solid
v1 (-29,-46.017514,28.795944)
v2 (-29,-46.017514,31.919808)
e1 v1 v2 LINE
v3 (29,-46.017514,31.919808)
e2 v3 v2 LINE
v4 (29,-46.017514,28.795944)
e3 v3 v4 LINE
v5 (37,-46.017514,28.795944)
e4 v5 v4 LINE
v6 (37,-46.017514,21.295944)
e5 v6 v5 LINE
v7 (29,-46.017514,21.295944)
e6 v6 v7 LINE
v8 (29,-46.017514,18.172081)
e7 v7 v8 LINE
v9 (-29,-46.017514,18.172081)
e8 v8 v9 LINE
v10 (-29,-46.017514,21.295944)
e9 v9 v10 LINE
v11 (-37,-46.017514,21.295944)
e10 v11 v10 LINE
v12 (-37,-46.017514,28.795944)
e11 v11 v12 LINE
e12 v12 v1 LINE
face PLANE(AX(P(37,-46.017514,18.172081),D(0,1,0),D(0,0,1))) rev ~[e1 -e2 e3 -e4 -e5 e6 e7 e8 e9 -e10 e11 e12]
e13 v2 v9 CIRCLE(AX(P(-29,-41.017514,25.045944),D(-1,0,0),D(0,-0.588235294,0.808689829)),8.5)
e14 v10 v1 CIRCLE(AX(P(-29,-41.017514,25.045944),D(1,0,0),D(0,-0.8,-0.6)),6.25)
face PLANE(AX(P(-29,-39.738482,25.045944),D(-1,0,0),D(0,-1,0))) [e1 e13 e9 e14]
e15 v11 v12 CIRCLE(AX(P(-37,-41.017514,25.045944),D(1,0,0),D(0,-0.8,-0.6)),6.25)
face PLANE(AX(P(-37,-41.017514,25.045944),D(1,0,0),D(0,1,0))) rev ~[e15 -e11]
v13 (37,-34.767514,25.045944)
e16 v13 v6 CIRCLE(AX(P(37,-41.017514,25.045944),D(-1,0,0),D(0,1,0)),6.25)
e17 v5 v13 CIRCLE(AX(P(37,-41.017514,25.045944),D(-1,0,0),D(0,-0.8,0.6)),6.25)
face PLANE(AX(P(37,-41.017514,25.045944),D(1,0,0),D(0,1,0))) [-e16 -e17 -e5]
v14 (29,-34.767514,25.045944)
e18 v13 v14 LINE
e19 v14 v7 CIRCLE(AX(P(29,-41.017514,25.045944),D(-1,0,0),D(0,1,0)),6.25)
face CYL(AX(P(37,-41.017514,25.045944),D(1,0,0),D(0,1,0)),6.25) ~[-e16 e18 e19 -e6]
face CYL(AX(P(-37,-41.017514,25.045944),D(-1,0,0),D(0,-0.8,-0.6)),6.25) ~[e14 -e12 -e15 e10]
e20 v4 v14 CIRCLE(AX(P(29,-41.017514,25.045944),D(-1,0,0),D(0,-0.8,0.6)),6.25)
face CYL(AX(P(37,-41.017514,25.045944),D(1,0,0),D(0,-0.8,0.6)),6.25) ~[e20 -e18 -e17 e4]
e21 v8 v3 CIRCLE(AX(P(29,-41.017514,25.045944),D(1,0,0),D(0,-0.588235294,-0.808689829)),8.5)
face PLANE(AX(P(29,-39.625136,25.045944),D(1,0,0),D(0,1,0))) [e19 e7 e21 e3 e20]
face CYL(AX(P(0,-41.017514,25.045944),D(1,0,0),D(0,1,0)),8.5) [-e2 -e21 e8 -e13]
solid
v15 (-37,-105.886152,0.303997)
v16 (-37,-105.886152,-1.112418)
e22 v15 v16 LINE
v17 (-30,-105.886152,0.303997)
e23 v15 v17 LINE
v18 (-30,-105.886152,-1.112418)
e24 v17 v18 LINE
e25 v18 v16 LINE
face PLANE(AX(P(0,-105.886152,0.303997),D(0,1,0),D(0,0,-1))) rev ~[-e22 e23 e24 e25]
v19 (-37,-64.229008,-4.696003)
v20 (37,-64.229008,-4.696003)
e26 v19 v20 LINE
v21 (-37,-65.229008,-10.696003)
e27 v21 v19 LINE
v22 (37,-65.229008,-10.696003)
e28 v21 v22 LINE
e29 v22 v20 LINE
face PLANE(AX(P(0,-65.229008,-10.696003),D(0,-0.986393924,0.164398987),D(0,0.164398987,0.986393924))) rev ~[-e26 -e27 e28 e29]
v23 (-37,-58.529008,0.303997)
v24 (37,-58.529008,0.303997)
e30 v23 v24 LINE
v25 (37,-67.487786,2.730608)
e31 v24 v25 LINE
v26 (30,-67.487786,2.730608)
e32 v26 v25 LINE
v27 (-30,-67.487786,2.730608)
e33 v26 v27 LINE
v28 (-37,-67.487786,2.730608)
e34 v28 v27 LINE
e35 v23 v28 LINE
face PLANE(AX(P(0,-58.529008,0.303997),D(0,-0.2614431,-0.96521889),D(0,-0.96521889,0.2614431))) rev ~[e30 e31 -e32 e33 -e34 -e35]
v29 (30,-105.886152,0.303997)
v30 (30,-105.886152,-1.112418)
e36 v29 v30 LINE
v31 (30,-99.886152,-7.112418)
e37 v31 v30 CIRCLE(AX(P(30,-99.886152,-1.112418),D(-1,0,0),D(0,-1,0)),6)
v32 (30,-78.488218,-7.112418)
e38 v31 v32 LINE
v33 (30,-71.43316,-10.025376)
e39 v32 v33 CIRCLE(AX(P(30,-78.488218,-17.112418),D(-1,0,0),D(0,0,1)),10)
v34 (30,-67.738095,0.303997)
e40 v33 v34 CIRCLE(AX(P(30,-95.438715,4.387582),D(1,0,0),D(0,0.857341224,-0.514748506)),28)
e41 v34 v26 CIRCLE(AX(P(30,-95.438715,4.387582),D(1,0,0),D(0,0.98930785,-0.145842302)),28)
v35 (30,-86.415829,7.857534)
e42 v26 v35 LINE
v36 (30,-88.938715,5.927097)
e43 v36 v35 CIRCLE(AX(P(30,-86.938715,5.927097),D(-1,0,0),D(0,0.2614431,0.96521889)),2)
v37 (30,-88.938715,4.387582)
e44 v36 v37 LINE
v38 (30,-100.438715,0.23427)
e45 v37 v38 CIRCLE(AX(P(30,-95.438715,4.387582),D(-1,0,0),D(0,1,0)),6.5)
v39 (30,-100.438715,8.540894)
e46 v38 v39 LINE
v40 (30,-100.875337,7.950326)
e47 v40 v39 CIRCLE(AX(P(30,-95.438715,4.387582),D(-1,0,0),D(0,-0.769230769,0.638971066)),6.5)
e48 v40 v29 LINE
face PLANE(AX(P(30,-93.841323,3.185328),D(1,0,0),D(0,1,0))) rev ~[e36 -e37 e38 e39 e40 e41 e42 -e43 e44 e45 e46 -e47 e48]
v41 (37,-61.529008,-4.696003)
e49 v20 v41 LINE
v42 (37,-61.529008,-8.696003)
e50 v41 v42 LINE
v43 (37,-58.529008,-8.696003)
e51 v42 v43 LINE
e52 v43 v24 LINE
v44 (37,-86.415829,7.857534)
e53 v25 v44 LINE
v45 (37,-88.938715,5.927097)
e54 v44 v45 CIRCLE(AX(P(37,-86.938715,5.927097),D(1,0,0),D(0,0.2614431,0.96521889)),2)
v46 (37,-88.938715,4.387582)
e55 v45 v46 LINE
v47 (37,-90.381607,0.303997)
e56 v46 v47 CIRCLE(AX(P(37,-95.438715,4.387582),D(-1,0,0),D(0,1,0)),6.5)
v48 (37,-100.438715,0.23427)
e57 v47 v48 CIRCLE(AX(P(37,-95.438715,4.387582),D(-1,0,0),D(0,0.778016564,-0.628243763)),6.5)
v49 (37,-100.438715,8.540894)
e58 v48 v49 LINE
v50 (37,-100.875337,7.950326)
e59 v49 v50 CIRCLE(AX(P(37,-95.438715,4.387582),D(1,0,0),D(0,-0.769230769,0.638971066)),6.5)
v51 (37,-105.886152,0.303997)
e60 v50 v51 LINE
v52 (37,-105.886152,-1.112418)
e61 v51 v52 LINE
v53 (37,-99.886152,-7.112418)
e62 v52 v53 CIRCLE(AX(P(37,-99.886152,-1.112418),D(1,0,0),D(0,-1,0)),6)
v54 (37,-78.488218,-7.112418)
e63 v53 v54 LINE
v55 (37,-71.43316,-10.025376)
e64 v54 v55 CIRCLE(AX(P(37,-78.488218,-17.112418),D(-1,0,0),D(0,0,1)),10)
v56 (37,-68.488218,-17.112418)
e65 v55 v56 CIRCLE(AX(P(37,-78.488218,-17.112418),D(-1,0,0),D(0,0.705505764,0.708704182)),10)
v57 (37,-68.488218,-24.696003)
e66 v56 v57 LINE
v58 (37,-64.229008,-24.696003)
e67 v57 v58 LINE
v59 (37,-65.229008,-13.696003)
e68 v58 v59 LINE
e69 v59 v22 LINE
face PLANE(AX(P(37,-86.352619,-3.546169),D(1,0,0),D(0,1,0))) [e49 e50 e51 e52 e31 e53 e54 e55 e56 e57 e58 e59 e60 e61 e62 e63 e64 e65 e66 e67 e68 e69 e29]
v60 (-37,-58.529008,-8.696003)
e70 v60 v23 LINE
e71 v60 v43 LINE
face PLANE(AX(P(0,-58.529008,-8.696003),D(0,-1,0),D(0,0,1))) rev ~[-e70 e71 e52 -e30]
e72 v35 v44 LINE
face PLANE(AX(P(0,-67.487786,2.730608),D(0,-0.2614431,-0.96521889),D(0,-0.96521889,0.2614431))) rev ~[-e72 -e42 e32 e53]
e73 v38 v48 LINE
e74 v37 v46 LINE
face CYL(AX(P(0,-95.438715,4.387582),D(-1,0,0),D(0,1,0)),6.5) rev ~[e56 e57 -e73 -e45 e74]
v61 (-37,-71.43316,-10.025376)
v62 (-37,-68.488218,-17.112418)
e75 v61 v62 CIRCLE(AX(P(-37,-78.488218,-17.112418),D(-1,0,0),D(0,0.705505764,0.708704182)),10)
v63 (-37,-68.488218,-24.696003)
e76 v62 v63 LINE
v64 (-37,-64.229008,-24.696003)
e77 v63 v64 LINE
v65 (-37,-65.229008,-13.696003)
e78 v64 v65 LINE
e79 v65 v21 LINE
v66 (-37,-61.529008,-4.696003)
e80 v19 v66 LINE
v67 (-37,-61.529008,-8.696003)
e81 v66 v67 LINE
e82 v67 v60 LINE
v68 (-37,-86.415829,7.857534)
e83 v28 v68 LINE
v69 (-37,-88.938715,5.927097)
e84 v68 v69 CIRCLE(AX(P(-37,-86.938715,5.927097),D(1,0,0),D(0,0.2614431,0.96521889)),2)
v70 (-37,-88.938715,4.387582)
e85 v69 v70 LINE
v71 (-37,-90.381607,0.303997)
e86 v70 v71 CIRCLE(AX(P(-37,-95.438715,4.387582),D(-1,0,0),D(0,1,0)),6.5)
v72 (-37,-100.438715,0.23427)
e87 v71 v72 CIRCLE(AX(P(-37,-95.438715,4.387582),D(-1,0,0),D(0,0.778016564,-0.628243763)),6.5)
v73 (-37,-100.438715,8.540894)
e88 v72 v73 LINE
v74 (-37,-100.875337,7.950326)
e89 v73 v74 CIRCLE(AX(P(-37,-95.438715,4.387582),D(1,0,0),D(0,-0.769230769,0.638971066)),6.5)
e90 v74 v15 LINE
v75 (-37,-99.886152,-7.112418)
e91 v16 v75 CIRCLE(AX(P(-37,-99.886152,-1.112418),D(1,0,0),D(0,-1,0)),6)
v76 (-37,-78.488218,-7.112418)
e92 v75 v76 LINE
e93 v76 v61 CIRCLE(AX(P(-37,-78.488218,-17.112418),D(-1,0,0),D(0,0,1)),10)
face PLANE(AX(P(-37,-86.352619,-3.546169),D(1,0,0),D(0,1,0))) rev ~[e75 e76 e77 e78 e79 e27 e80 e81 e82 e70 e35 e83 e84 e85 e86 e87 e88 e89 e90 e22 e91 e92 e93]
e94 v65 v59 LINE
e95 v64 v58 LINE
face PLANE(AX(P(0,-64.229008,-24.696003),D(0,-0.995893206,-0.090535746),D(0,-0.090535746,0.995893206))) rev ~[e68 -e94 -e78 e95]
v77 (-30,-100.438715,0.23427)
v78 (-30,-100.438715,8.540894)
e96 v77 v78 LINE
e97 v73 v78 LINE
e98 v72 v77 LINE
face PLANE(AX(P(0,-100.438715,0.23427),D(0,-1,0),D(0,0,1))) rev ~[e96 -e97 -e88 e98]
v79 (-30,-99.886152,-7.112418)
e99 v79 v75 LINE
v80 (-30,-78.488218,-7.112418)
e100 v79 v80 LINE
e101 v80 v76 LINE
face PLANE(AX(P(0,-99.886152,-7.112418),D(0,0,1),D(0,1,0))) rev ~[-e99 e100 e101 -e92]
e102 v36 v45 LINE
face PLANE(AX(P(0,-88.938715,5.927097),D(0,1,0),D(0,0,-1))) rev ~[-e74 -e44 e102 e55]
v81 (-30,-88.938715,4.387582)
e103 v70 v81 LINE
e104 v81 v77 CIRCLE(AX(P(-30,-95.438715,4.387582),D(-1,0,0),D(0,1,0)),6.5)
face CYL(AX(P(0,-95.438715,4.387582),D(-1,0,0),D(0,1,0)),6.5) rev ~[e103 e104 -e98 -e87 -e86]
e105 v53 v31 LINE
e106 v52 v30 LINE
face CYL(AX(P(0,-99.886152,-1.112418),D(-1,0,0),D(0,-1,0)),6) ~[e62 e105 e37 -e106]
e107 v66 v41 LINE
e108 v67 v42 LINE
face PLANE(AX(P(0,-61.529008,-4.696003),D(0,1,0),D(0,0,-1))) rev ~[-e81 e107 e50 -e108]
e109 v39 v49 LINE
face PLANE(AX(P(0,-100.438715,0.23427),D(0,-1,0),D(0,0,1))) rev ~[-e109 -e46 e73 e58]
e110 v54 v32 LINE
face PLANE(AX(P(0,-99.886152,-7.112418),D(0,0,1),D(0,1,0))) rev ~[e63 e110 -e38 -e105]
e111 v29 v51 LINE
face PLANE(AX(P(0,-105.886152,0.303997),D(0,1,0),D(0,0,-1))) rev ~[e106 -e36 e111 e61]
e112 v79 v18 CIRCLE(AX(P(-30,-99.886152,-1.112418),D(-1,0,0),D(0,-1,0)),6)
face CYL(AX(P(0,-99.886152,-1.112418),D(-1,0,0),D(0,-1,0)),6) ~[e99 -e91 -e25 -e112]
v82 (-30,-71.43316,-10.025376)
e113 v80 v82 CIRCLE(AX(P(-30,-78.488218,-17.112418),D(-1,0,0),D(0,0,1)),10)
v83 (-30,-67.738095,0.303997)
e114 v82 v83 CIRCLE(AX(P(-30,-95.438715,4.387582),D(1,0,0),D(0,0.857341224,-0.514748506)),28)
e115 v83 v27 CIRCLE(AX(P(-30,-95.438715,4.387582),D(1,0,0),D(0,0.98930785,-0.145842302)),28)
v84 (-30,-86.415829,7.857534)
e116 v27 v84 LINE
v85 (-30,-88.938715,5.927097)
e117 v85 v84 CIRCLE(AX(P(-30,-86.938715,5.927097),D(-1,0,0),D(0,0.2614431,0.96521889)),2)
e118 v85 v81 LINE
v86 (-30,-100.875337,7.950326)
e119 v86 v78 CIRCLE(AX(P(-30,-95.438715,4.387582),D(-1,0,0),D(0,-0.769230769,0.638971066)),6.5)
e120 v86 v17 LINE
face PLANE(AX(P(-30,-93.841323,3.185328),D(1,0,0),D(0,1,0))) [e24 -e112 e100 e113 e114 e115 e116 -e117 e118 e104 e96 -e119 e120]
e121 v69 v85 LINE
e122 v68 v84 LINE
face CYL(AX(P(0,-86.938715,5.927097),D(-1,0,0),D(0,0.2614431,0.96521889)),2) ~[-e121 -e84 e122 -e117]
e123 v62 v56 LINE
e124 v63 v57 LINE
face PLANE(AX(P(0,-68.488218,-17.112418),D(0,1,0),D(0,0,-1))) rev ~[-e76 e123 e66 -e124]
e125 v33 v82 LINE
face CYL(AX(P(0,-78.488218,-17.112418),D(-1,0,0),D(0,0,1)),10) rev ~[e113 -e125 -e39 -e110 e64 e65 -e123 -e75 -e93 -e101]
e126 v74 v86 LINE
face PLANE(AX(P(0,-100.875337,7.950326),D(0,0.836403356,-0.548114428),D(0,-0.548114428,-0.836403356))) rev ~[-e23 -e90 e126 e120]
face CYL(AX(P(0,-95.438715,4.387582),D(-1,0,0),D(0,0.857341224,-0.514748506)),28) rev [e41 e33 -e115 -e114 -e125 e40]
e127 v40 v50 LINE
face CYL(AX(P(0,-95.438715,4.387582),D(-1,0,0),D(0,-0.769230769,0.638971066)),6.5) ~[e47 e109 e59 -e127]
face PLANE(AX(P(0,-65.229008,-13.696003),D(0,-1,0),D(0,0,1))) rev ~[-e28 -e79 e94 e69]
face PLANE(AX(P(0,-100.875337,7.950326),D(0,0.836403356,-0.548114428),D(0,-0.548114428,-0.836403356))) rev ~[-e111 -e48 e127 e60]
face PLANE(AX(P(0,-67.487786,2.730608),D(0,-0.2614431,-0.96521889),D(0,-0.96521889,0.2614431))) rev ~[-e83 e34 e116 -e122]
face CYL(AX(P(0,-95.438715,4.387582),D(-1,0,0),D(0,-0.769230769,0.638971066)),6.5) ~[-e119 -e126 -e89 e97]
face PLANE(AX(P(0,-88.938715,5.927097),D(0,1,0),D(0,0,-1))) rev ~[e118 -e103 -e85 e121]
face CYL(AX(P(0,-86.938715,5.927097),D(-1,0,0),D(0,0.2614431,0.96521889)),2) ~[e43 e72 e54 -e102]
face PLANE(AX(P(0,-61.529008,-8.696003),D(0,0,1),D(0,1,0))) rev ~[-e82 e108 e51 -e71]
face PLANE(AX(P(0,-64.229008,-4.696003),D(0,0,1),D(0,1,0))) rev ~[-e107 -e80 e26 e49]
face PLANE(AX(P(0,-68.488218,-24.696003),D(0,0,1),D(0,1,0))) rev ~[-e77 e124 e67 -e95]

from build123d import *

# Parameters (mm, degrees)
F1_DEPTH      = 37
F1_DEPTH_BACK = 37
F2_DEPTH      = 30
F2_DEPTH_BACK = 30
F3_R          = 8.5
F4_DEPTH      = 37
F4_DEPTH_BACK = 37
F6_DEPTH      = 74.001
F8_DEPTH      = 8
F10_DEPTH     = 8


with BuildPart() as f1:
    # F0 (on Right) → F1 (new body, two sides)
    with BuildSketch(Plane.YZ) as f1_sk:
        with BuildLine():
            ThreePointArc((-78.4882180956, -7.1124182744), (-74.6718335634, -7.8693014244), (-71.4331604605, -10.0253764539))
            ThreePointArc((-71.4331604605, -10.0253764539), (-69.0747981117, -5.0434256298), (-67.7380949338, 0.3039972631))
            Line((-67.7380949338, 0.3039972631), (-67.8932940144, 0.3039972631))
            Line((-67.8932940144, 0.3039972631), (-88.9387147452, 0.3039972631))
            Line((-88.9387147452, 0.3039972631), (-90.38160708, 0.3039972631))
            ThreePointArc((-90.38160708, 0.3039972631), (-95.393650332, -2.112262057), (-100.4387147452, 0.2342697942))
            ThreePointArc((-100.4387147452, 0.2342697942), (-100.4673894342, 0.2690345458), (-100.4958224104, 0.3039972631))
            Line((-100.4958224104, 0.3039972631), (-105.886151975, 0.3039972631))
            Line((-105.886151975, 0.3039972631), (-105.886151975, -1.1124182744))
            ThreePointArc((-105.886151975, -1.1124182744), (-104.1287926621, -5.3550589615), (-99.886151975, -7.1124182744))
            Line((-99.886151975, -7.1124182744), (-78.4882180956, -7.1124182744))
        make_face()
        with BuildLine():
            Line((-100.4387147452, 0.2342697942), (-100.4387147452, 0.3039972631))
            Line((-100.4387147452, 0.3039972631), (-100.4958224104, 0.3039972631))
            ThreePointArc((-100.4958224104, 0.3039972631), (-100.4673894342, 0.2690345458), (-100.4387147452, 0.2342697942))
        make_face()
        with BuildLine():
            Line((-100.4958224104, 0.3039972631), (-100.4387147452, 0.3039972631))
            Line((-100.4387147452, 0.3039972631), (-100.4387147452, 8.5408936571))
            ThreePointArc((-100.4387147452, 8.5408936571), (-100.6653734684, 8.2517813311), (-100.8753365595, 7.9503255065))
            ThreePointArc((-100.8753365595, 7.9503255065), (-101.9307231786, 4.0653605264), (-100.4958224104, 0.3039972631))
        make_face()
        with BuildLine():
            Line((-100.8753365595, 7.9503255065), (-105.886151975, 0.3039972631))
            Line((-105.886151975, 0.3039972631), (-100.4958224104, 0.3039972631))
            ThreePointArc((-100.4958224104, 0.3039972631), (-101.9307231786, 4.0653605264), (-100.8753365595, 7.9503255065))
        make_face()
        with BuildLine():
            Line((-67.8932940144, 0.3039972631), (-67.7380949338, 0.3039972631))
            ThreePointArc((-67.7380949338, 0.3039972631), (-67.5865005705, 1.5145753621), (-67.4877856318, 2.7306080696))
            Line((-67.4877856318, 2.7306080696), (-86.4158285453, 7.8575344772))
            ThreePointArc((-86.4158285453, 7.8575344772), (-88.1540804515, 7.5154562914), (-88.9387147452, 5.9270966974))
            Line((-88.9387147452, 5.9270966974), (-88.9387147452, 4.3875817256))
            Line((-88.9387147452, 4.3875817256), (-88.9387147452, 0.3039972631))
            Line((-88.9387147452, 0.3039972631), (-67.8932940144, 0.3039972631))
        make_face()
        with BuildLine():
            Line((-68.4882180956, -24.6960027369), (-64.2290080275, -24.6960027369))
            Line((-64.2290080275, -24.6960027369), (-65.2290080275, -13.6960027369))
            Line((-65.2290080275, -13.6960027369), (-65.2290080275, -10.6960027369))
            Line((-65.2290080275, -10.6960027369), (-64.2290080275, -4.6960027369))
            Line((-64.2290080275, -4.6960027369), (-61.5290080275, -4.6960027369))
            Line((-61.5290080275, -4.6960027369), (-61.5290080275, -8.6960027369))
            Line((-61.5290080275, -8.6960027369), (-58.5290080275, -8.6960027369))
            Line((-58.5290080275, -8.6960027369), (-58.5290080275, 0.3039972631))
            Line((-58.5290080275, 0.3039972631), (-67.7380949338, 0.3039972631))
            ThreePointArc((-67.7380949338, 0.3039972631), (-69.0747981117, -5.0434256298), (-71.4331604605, -10.0253764539))
            ThreePointArc((-71.4331604605, -10.0253764539), (-69.2537561094, -13.2751390528), (-68.4882180956, -17.1124182744))
            Line((-68.4882180956, -17.1124182744), (-68.4882180956, -24.6960027369))
        make_face()
        with BuildLine():
            ThreePointArc((-67.4877856318, 2.7306080696), (-67.5865005705, 1.5145753621), (-67.7380949338, 0.3039972631))
            Line((-67.7380949338, 0.3039972631), (-58.5290080275, 0.3039972631))
            Line((-58.5290080275, 0.3039972631), (-67.4877856318, 2.7306080696))
        make_face()
        with BuildLine():
            Line((-90.38160708, 0.3039972631), (-88.9387147452, 0.3039972631))
            Line((-88.9387147452, 0.3039972631), (-88.9387147452, 4.3875817256))
            ThreePointArc((-88.9387147452, 4.3875817256), (-89.3100444235, 2.2220794541), (-90.38160708, 0.3039972631))
        make_face()
    extrude(amount=-F1_DEPTH)
    extrude(f1_sk.sketch, amount=F1_DEPTH_BACK)

    # F0 (on Right) → F2 (cut, two sides)
    with BuildSketch(Plane.YZ) as f2_sk:
        with BuildLine():
            ThreePointArc((-67.4387147452, 4.3875817256), (-122.4216308216, 11.8656991367), (-71.4331604605, -10.0253764539))
            ThreePointArc((-71.4331604605, -10.0253764539), (-74.6718335634, -7.8693014244), (-78.4882180956, -7.1124182744))
            Line((-78.4882180956, -7.1124182744), (-99.886151975, -7.1124182744))
            ThreePointArc((-99.886151975, -7.1124182744), (-104.1287926621, -5.3550589615), (-105.886151975, -1.1124182744))
            Line((-105.886151975, -1.1124182744), (-105.886151975, 0.3039972631))
            Line((-105.886151975, 0.3039972631), (-100.8753365595, 7.9503255065))
            ThreePointArc((-100.8753365595, 7.9503255065), (-100.6653734684, 8.2517813311), (-100.4387147452, 8.5408936571))
            ThreePointArc((-100.4387147452, 8.5408936571), (-93.2307745286, 10.5010913559), (-88.9387147452, 4.3875817256))
            Line((-88.9387147452, 4.3875817256), (-88.9387147452, 5.9270966974))
            ThreePointArc((-88.9387147452, 5.9270966974), (-88.1540804515, 7.5154562914), (-86.4158285453, 7.8575344772))
            Line((-86.4158285453, 7.8575344772), (-67.4877856318, 2.7306080696))
            ThreePointArc((-67.4877856318, 2.7306080696), (-67.4509851555, 3.5587316715), (-67.4387147452, 4.3875817256))
        make_face()
        with BuildLine():
            Line((-100.4387147452, 0.3039972631), (-90.38160708, 0.3039972631))
            ThreePointArc((-90.38160708, 0.3039972631), (-89.3100444235, 2.2220794541), (-88.9387147452, 4.3875817256))
            ThreePointArc((-88.9387147452, 4.3875817256), (-93.2307745286, 10.5010913559), (-100.4387147452, 8.5408936571))
            Line((-100.4387147452, 8.5408936571), (-100.4387147452, 0.3039972631))
        make_face()
        with BuildLine():
            ThreePointArc((-100.4387147452, 0.2342697942), (-95.393650332, -2.112262057), (-90.38160708, 0.3039972631))
            Line((-90.38160708, 0.3039972631), (-100.4387147452, 0.3039972631))
            Line((-100.4387147452, 0.3039972631), (-100.4387147452, 0.2342697942))
        make_face()
        with BuildLine():
            Line((-100.4958224104, 0.3039972631), (-100.4387147452, 0.3039972631))
            Line((-100.4387147452, 0.3039972631), (-100.4387147452, 8.5408936571))
            ThreePointArc((-100.4387147452, 8.5408936571), (-100.6653734684, 8.2517813311), (-100.8753365595, 7.9503255065))
            ThreePointArc((-100.8753365595, 7.9503255065), (-101.9307231786, 4.0653605264), (-100.4958224104, 0.3039972631))
        make_face()
        with BuildLine():
            Line((-100.4387147452, 0.2342697942), (-100.4387147452, 0.3039972631))
            Line((-100.4387147452, 0.3039972631), (-100.4958224104, 0.3039972631))
            ThreePointArc((-100.4958224104, 0.3039972631), (-100.4673894342, 0.2690345458), (-100.4387147452, 0.2342697942))
        make_face()
        with BuildLine():
            ThreePointArc((-78.4882180956, -7.1124182744), (-74.6718335634, -7.8693014244), (-71.4331604605, -10.0253764539))
            ThreePointArc((-71.4331604605, -10.0253764539), (-69.0747981117, -5.0434256298), (-67.7380949338, 0.3039972631))
            Line((-67.7380949338, 0.3039972631), (-67.8932940144, 0.3039972631))
            Line((-67.8932940144, 0.3039972631), (-88.9387147452, 0.3039972631))
            Line((-88.9387147452, 0.3039972631), (-90.38160708, 0.3039972631))
            ThreePointArc((-90.38160708, 0.3039972631), (-95.393650332, -2.112262057), (-100.4387147452, 0.2342697942))
            ThreePointArc((-100.4387147452, 0.2342697942), (-100.4673894342, 0.2690345458), (-100.4958224104, 0.3039972631))
            Line((-100.4958224104, 0.3039972631), (-105.886151975, 0.3039972631))
            Line((-105.886151975, 0.3039972631), (-105.886151975, -1.1124182744))
            ThreePointArc((-105.886151975, -1.1124182744), (-104.1287926621, -5.3550589615), (-99.886151975, -7.1124182744))
            Line((-99.886151975, -7.1124182744), (-78.4882180956, -7.1124182744))
        make_face()
        with BuildLine():
            Line((-67.8932940144, 0.3039972631), (-67.7380949338, 0.3039972631))
            ThreePointArc((-67.7380949338, 0.3039972631), (-67.5865005705, 1.5145753621), (-67.4877856318, 2.7306080696))
            Line((-67.4877856318, 2.7306080696), (-86.4158285453, 7.8575344772))
            ThreePointArc((-86.4158285453, 7.8575344772), (-88.1540804515, 7.5154562914), (-88.9387147452, 5.9270966974))
            Line((-88.9387147452, 5.9270966974), (-88.9387147452, 4.3875817256))
            Line((-88.9387147452, 4.3875817256), (-88.9387147452, 0.3039972631))
            Line((-88.9387147452, 0.3039972631), (-67.8932940144, 0.3039972631))
        make_face()
        with BuildLine():
            Line((-100.8753365595, 7.9503255065), (-105.886151975, 0.3039972631))
            Line((-105.886151975, 0.3039972631), (-100.4958224104, 0.3039972631))
            ThreePointArc((-100.4958224104, 0.3039972631), (-101.9307231786, 4.0653605264), (-100.8753365595, 7.9503255065))
        make_face()
        with BuildLine():
            Line((-90.38160708, 0.3039972631), (-88.9387147452, 0.3039972631))
            Line((-88.9387147452, 0.3039972631), (-88.9387147452, 4.3875817256))
            ThreePointArc((-88.9387147452, 4.3875817256), (-89.3100444235, 2.2220794541), (-90.38160708, 0.3039972631))
        make_face()
    extrude(amount=-F2_DEPTH, mode=Mode.SUBTRACT)
    extrude(f2_sk.sketch, amount=F2_DEPTH_BACK, mode=Mode.SUBTRACT)


with BuildPart() as f4:
    # F3 (on Right) → F4 (new body, two sides)
    with BuildSketch(Plane.YZ) as f4_sk:
        with Locations((-41.0175137222, 25.0459443778)):
            Circle(F3_R)
    extrude(amount=F4_DEPTH)
    extrude(f4_sk.sketch, amount=-F4_DEPTH_BACK)

    # F5 (on face) → F6 (cut, through all)
    with BuildSketch(Plane.YZ.offset(37)):
        with BuildLine():
            Line((-46.0175137222, 18.1720808353), (-46.0175137222, 31.9198079202))
            ThreePointArc((-46.0175137222, 31.9198079202), (-49.5175137222, 25.0459443778), (-46.0175137222, 18.1720808353))
        make_face()
    extrude(amount=-F6_DEPTH, mode=Mode.SUBTRACT)

    # F7 (on face) → F8 (cut)
    with BuildSketch(Plane.YZ.offset(37)):
        with BuildLine():
            ThreePointArc((-46.0175137222, 28.7959443778), (-39.0410901846, 30.9752149906), (-34.7675137222, 25.0459443778))
            ThreePointArc((-34.7675137222, 25.0459443778), (-39.0410901846, 19.116673765), (-46.0175137222, 21.2959443778))
            Line((-46.0175137222, 21.2959443778), (-46.0175137222, 18.1720808353))
            ThreePointArc((-46.0175137222, 18.1720808353), (-32.5175137222, 25.0459443778), (-46.0175137222, 31.9198079202))
            Line((-46.0175137222, 31.9198079202), (-46.0175137222, 28.7959443778))
        make_face()
    extrude(amount=-F8_DEPTH, mode=Mode.SUBTRACT)

    # F9 (on face) → F10 (cut)
    with BuildSketch(Plane(origin=(-37, 0, 0), x_dir=(0, -1, 0), z_dir=(-1, 0, 0))):
        with BuildLine():
            ThreePointArc((46.0175137222, 21.2959443778), (34.7675137222, 25.0459443778), (46.0175137222, 28.7959443778))
            Line((46.0175137222, 28.7959443778), (46.0175137222, 31.9198079202))
            ThreePointArc((46.0175137222, 31.9198079202), (32.5175137222, 25.0459443778), (46.0175137222, 18.1720808353))
            Line((46.0175137222, 18.1720808353), (46.0175137222, 21.2959443778))
        make_face()
    extrude(amount=-F10_DEPTH, mode=Mode.SUBTRACT)


solid = Compound([f1.part, f4.part])
